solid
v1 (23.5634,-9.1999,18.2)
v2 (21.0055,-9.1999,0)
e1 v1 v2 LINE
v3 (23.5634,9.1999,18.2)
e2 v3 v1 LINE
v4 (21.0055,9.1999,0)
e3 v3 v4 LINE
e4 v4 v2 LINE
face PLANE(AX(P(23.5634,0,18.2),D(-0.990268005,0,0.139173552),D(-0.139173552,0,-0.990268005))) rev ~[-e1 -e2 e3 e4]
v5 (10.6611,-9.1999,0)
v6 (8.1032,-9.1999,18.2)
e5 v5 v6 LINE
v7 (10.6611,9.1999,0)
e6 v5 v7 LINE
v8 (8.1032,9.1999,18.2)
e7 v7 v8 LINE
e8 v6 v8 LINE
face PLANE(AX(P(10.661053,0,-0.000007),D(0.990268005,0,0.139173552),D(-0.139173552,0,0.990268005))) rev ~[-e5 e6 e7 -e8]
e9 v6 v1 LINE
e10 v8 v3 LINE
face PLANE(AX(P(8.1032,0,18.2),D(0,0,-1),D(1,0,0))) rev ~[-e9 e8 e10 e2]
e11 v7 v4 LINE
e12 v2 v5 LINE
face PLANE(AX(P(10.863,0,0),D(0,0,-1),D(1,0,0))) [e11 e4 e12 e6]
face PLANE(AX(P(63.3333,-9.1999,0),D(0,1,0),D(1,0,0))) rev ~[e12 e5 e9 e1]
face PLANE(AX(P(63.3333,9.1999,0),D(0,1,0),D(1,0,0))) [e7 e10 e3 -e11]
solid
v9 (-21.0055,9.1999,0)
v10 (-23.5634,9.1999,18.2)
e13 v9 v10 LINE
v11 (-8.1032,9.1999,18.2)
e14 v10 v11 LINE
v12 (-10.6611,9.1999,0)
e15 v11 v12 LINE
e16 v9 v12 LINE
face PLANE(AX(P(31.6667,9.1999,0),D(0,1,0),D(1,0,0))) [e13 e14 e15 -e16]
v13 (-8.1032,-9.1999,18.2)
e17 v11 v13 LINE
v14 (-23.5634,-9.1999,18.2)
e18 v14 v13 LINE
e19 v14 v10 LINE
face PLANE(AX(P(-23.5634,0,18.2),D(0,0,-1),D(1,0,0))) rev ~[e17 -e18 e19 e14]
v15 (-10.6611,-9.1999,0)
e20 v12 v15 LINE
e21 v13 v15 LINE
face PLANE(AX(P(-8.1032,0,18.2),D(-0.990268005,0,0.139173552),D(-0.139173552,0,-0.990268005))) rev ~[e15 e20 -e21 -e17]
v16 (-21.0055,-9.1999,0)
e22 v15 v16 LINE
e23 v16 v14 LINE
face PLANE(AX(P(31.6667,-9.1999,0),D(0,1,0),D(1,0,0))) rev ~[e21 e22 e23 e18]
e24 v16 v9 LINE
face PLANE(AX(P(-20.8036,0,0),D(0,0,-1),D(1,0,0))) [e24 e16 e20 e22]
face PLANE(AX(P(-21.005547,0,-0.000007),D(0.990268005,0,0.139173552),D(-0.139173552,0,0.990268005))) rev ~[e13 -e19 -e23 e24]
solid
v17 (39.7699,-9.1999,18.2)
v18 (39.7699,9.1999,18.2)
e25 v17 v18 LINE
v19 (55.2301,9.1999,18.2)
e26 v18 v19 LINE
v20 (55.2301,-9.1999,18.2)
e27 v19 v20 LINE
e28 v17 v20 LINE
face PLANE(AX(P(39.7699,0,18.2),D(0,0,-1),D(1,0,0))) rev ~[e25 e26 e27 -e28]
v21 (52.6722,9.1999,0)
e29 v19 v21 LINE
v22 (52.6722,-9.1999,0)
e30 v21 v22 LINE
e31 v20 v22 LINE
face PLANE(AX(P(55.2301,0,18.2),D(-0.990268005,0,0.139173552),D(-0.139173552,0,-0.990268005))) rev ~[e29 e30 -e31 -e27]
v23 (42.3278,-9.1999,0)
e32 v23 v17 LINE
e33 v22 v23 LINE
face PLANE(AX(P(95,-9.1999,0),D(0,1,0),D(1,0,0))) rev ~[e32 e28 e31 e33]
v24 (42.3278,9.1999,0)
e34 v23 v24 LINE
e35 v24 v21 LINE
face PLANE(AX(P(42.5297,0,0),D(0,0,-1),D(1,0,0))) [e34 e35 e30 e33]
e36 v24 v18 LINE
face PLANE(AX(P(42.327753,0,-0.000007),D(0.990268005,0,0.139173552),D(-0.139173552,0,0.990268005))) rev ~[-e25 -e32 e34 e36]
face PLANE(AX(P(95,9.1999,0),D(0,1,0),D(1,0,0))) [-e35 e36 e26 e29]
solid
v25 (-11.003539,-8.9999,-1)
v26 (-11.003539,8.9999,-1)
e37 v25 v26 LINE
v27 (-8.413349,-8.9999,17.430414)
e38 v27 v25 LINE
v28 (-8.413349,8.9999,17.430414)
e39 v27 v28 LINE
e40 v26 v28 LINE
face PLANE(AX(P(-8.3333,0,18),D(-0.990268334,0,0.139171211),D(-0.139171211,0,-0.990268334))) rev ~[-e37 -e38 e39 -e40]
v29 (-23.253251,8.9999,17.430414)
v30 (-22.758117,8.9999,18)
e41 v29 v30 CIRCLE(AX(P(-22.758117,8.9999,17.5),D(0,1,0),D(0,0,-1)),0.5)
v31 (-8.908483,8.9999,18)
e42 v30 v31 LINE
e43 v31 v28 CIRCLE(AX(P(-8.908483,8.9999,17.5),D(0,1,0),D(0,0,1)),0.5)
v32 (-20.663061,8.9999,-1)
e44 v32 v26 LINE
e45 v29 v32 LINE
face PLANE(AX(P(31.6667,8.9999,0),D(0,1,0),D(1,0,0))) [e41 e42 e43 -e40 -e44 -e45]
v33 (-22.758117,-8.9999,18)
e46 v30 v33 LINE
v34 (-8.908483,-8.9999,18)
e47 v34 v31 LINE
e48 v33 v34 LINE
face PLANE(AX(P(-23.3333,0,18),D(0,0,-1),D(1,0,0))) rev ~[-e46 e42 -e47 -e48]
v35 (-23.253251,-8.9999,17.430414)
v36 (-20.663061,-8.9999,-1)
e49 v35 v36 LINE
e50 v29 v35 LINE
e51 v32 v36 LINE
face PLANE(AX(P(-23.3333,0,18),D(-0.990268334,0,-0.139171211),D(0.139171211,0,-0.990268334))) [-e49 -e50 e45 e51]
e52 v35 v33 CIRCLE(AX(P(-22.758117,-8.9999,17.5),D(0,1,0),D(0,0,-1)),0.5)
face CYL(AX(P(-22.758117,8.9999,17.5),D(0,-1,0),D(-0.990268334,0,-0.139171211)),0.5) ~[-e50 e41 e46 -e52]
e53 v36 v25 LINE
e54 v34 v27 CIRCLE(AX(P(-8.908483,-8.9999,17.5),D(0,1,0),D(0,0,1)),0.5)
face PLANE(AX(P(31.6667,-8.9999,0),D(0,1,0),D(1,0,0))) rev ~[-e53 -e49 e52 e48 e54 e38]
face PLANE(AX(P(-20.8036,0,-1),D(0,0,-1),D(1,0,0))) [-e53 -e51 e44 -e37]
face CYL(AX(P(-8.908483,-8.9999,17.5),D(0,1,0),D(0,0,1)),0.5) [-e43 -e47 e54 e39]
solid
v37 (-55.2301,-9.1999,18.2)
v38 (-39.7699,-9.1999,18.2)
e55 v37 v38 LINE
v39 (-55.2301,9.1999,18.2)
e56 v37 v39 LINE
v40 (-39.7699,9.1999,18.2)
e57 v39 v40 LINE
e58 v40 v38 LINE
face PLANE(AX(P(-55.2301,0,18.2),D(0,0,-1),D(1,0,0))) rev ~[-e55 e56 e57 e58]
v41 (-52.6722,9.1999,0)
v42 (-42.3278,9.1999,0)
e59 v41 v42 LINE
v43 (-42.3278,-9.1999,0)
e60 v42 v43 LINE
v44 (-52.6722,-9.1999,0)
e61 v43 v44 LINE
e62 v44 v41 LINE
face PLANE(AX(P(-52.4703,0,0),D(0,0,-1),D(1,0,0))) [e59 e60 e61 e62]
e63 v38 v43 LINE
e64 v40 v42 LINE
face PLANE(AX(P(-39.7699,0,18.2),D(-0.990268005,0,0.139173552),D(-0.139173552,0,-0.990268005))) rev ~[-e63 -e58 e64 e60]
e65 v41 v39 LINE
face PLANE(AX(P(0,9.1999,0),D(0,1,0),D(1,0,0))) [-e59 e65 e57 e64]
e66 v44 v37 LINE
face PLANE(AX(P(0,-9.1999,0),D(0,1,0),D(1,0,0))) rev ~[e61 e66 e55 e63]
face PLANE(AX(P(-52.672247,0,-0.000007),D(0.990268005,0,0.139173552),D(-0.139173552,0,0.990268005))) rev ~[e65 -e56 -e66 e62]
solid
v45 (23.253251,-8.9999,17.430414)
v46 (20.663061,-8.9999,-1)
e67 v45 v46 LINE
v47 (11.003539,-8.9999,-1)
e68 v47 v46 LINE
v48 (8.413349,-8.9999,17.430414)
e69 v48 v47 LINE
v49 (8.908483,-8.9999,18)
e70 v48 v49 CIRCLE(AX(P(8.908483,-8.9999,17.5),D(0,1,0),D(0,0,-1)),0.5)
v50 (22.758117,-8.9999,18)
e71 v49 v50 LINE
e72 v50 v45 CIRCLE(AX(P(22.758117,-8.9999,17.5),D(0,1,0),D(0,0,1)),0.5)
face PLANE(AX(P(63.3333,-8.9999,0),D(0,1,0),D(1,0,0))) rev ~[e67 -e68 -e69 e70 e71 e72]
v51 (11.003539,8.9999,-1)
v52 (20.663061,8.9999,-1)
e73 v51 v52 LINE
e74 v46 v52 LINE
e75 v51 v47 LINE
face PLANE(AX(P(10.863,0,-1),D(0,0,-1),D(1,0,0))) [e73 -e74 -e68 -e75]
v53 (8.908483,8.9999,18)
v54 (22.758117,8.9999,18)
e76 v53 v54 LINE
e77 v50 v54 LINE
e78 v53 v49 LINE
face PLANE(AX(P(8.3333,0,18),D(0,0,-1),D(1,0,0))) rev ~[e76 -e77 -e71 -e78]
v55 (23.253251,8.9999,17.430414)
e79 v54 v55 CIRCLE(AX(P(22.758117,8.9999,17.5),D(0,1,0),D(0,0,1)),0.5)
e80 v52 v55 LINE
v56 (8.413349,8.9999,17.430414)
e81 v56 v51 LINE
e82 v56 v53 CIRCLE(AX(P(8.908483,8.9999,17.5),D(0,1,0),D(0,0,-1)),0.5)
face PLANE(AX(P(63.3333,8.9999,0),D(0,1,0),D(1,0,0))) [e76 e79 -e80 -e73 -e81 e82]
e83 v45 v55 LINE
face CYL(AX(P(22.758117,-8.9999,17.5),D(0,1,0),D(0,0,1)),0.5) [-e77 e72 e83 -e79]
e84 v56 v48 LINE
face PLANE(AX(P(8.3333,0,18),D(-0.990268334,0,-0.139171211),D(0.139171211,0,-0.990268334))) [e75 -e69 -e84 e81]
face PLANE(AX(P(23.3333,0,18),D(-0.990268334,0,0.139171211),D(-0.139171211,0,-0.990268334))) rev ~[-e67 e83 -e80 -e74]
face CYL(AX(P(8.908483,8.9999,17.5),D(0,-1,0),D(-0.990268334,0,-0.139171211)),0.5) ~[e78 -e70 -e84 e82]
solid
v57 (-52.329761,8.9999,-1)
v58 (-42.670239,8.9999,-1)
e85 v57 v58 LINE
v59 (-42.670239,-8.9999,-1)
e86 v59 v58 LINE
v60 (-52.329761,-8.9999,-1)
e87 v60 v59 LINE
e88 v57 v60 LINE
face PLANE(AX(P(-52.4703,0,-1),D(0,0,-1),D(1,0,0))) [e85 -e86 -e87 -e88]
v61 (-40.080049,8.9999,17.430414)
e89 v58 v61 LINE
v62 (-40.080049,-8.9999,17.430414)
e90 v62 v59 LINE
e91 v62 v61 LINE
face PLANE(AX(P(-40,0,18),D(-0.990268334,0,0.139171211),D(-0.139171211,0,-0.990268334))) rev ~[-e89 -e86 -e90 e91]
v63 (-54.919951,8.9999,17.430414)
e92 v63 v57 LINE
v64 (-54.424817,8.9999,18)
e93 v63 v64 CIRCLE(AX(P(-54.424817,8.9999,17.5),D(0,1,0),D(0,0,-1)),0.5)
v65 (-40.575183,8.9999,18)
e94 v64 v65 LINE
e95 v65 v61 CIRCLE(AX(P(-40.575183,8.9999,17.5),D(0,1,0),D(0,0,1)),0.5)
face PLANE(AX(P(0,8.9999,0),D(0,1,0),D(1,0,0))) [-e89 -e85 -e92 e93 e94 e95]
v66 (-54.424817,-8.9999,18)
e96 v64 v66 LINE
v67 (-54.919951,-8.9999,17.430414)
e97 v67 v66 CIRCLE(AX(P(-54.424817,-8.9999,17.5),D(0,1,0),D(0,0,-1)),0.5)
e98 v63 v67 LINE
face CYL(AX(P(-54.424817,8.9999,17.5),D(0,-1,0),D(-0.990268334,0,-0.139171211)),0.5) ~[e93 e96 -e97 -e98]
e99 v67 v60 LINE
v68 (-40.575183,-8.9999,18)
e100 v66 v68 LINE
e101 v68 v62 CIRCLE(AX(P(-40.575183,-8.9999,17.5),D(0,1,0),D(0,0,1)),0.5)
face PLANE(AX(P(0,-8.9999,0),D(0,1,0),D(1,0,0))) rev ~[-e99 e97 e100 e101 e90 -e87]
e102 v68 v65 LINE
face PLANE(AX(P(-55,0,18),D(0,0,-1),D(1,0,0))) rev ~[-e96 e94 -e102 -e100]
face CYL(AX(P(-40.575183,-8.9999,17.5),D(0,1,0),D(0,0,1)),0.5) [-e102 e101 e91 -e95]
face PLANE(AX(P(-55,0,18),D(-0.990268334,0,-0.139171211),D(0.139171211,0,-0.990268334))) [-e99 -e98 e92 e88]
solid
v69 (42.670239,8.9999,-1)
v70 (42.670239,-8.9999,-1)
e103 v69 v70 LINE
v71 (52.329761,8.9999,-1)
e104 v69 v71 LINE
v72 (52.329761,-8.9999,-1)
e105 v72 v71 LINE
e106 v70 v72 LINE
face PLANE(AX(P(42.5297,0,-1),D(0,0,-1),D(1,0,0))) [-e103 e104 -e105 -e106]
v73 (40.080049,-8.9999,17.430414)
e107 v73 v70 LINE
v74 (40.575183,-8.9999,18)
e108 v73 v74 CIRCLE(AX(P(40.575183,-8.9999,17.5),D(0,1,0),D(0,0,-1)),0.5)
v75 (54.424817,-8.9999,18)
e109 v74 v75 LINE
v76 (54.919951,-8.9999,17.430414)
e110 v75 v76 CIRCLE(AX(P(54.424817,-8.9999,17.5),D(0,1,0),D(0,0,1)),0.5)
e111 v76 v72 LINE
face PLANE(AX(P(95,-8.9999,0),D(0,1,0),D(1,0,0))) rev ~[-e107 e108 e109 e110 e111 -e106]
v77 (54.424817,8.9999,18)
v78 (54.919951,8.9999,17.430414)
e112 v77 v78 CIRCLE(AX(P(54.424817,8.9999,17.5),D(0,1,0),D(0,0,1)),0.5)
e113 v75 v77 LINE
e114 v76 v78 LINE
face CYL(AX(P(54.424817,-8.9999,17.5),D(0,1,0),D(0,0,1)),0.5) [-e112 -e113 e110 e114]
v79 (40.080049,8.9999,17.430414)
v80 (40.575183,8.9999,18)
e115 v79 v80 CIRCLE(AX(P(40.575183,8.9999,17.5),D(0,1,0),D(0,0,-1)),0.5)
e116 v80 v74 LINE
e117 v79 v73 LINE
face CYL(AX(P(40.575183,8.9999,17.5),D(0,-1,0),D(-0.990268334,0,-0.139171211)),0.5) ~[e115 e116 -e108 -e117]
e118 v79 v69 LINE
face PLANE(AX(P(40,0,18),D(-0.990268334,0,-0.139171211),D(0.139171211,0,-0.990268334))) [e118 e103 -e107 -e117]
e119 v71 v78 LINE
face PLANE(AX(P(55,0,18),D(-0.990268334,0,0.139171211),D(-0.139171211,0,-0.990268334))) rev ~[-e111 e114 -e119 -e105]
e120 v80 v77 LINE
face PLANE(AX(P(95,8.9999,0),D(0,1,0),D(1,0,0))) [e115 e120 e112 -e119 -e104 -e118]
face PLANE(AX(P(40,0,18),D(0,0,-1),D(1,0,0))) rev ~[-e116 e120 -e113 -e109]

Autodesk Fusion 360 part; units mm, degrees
sketch "Contact Patch" plane through (0, 0, 0) normal (0, 0, 1) x (1, 0, 0)
  line L0 (75, -9) -> (-75, -9)
  line L1 (-75, -9) -> (-75, 9)
  line L2 (-75, 9) -> (75, 9)
  line L3 (75, 9) -> (75, -9)
  line L4 (75, -9) -> (-75, 9) construction
  line L5 (-75, -9) -> (75, 9) construction
  dimension "d3" = 150
  dimension "d4" = 18
sketch "Sketch1" plane through (0, 0, 0) normal (0, 1, 0) x (1, 0, 0) in component "Joint"
  line L0 (-55, -18) -> (-40, -18)
  line L1 (-40, -18) -> (-42.5297, 0)
  line L2 (-55, -18) -> (-52.4703, 0)
  line L3 (-75, 0) -> (75, 0)
  line L4 (-75, 0) -> (-75, -13) construction
  line L5 (-52.4703, 0) -> (-42.5297, 0)
  point P0 (-75, 0)
  dimension "d13" = 20
  dimension "d14" = 18
  dimension "d15" = 15
  dimension "d16" = 8
extrude "Extrude1" add sketch "Sketch1" along normal blind 8.9999 and the other way blind 8.9999 makes body 1 in component "Joint"
move_face "OffsetFaces1" offset 1 1 faces at (-49.1568, -3, 0) on bodies 1 in component "Joint"
sketch "Sketch2" plane through (0, 0, 0) normal (0, 1, 0) x (1, 0, 0) in component "Joint"
  line L0 (-55, -18) -> (-40, -18)
  line L1 (-40, -18) -> (-42.6703, 1)
  line L2 (-42.6703, 1) -> (-52.3297, 1)
  line L3 (-52.3297, 1) -> (-55, -18)
  line L4 (-75, 0) -> (75, 0)
  line L5 (-52.4703, 0) -> (-42.5297, 0)
  line L6 (-52.5278, 1.0278) -> (-55.2301, -18.2)
  line L7 (-55.2301, -18.2) -> (-39.7699, -18.2)
  line L8 (-39.7699, -18.2) -> (-42.4722, 1.0278)
  line L9 (-52.6722, 0) -> (-42.3278, 0)
  dimension "d27" = 0.2
extrude "Extrude2" add sketch "Sketch2" along normal blind 9.1999 and the other way blind 9.1999 separate body contours L0 L1 L3 L4 L5 L9 | L0 L1 L3 L4 L6 L7 L8 L9 makes body 2 in component "Joint"
fillet "Fillet1" radius 0.5 2 edges at (-55, 0, 18) (-40, 0, 18) on bodies 1 in component "Joint"
pattern_linear "00000000-0000-0000-0000-000000000000" [suppressed]
component "Joint" placed x (1, 0, 0) y (0, 1, 0) z (0, 0, 1) at (0, 0, 0)
component "Joint" placed x (1, 0, 0) y (0, 1, 0) z (0, 0, 1) at (31.6667, 0, 0)
component "Joint" placed x (1, 0, 0) y (0, 1, 0) z (0, 0, 1) at (63.3333, 0, 0)
component "Joint" placed x (1, 0, 0) y (0, 1, 0) z (0, 0, 1) at (95, 0, 0)
equation "Length = 150 mm"
equation "Width = 18 mm"
equation "d3 = Length"
equation "d4 = Width"
equation "UserOffset1 = 20 mm"
equation "UserOffset2 = 20 mm"
equation "Offset1 = if(UserOffset1 < 1 mm; 5 mm; UserOffset1)"
equation "Offset2 = if(UserOffset1 < 1 mm; 5 mm; UserOffset2)"
equation "Nestled_Board_Thickness = 18 mm"
equation "Dovetail_H = Nestled_Board_Thickness"
equation "Dovetail_L = 15 mm"
equation "Dovetail_Angle = 8 deg"
equation "d13 = Offset1"
equation "d14 = Dovetail_H"
equation "d15 = Dovetail_L"
equation "d16 = Dovetail_Angle"
equation "Side_Offset1 = 0.0001 mm"
equation "Side_Offset2 = 0.0001 mm"
equation "Tenon_Width1 = ( Width / 2 ) - Side_Offset1"
equation "Tenon_Width2 = ( Width / 2 ) - Side_Offset2"
equation "d21 = Tenon_Width1"
equation "d23 = Tenon_Width2"
equation "Clearance = 0.2 mm"
equation "d27 = Clearance"
equation "d28 = Tenon_Width1 + Clearance"
equation "d30 = Tenon_Width2 + Clearance"
equation "Dovetail_QTY = 4"
equation "SpacingLength = Length - Offset1 - Offset2 - Dovetail_L"
equation "Radius = 0.5 mm"
equation "d36 = Radius"
equation "d37 = Dovetail_QTY"
equation "d39 = SpacingLength"
